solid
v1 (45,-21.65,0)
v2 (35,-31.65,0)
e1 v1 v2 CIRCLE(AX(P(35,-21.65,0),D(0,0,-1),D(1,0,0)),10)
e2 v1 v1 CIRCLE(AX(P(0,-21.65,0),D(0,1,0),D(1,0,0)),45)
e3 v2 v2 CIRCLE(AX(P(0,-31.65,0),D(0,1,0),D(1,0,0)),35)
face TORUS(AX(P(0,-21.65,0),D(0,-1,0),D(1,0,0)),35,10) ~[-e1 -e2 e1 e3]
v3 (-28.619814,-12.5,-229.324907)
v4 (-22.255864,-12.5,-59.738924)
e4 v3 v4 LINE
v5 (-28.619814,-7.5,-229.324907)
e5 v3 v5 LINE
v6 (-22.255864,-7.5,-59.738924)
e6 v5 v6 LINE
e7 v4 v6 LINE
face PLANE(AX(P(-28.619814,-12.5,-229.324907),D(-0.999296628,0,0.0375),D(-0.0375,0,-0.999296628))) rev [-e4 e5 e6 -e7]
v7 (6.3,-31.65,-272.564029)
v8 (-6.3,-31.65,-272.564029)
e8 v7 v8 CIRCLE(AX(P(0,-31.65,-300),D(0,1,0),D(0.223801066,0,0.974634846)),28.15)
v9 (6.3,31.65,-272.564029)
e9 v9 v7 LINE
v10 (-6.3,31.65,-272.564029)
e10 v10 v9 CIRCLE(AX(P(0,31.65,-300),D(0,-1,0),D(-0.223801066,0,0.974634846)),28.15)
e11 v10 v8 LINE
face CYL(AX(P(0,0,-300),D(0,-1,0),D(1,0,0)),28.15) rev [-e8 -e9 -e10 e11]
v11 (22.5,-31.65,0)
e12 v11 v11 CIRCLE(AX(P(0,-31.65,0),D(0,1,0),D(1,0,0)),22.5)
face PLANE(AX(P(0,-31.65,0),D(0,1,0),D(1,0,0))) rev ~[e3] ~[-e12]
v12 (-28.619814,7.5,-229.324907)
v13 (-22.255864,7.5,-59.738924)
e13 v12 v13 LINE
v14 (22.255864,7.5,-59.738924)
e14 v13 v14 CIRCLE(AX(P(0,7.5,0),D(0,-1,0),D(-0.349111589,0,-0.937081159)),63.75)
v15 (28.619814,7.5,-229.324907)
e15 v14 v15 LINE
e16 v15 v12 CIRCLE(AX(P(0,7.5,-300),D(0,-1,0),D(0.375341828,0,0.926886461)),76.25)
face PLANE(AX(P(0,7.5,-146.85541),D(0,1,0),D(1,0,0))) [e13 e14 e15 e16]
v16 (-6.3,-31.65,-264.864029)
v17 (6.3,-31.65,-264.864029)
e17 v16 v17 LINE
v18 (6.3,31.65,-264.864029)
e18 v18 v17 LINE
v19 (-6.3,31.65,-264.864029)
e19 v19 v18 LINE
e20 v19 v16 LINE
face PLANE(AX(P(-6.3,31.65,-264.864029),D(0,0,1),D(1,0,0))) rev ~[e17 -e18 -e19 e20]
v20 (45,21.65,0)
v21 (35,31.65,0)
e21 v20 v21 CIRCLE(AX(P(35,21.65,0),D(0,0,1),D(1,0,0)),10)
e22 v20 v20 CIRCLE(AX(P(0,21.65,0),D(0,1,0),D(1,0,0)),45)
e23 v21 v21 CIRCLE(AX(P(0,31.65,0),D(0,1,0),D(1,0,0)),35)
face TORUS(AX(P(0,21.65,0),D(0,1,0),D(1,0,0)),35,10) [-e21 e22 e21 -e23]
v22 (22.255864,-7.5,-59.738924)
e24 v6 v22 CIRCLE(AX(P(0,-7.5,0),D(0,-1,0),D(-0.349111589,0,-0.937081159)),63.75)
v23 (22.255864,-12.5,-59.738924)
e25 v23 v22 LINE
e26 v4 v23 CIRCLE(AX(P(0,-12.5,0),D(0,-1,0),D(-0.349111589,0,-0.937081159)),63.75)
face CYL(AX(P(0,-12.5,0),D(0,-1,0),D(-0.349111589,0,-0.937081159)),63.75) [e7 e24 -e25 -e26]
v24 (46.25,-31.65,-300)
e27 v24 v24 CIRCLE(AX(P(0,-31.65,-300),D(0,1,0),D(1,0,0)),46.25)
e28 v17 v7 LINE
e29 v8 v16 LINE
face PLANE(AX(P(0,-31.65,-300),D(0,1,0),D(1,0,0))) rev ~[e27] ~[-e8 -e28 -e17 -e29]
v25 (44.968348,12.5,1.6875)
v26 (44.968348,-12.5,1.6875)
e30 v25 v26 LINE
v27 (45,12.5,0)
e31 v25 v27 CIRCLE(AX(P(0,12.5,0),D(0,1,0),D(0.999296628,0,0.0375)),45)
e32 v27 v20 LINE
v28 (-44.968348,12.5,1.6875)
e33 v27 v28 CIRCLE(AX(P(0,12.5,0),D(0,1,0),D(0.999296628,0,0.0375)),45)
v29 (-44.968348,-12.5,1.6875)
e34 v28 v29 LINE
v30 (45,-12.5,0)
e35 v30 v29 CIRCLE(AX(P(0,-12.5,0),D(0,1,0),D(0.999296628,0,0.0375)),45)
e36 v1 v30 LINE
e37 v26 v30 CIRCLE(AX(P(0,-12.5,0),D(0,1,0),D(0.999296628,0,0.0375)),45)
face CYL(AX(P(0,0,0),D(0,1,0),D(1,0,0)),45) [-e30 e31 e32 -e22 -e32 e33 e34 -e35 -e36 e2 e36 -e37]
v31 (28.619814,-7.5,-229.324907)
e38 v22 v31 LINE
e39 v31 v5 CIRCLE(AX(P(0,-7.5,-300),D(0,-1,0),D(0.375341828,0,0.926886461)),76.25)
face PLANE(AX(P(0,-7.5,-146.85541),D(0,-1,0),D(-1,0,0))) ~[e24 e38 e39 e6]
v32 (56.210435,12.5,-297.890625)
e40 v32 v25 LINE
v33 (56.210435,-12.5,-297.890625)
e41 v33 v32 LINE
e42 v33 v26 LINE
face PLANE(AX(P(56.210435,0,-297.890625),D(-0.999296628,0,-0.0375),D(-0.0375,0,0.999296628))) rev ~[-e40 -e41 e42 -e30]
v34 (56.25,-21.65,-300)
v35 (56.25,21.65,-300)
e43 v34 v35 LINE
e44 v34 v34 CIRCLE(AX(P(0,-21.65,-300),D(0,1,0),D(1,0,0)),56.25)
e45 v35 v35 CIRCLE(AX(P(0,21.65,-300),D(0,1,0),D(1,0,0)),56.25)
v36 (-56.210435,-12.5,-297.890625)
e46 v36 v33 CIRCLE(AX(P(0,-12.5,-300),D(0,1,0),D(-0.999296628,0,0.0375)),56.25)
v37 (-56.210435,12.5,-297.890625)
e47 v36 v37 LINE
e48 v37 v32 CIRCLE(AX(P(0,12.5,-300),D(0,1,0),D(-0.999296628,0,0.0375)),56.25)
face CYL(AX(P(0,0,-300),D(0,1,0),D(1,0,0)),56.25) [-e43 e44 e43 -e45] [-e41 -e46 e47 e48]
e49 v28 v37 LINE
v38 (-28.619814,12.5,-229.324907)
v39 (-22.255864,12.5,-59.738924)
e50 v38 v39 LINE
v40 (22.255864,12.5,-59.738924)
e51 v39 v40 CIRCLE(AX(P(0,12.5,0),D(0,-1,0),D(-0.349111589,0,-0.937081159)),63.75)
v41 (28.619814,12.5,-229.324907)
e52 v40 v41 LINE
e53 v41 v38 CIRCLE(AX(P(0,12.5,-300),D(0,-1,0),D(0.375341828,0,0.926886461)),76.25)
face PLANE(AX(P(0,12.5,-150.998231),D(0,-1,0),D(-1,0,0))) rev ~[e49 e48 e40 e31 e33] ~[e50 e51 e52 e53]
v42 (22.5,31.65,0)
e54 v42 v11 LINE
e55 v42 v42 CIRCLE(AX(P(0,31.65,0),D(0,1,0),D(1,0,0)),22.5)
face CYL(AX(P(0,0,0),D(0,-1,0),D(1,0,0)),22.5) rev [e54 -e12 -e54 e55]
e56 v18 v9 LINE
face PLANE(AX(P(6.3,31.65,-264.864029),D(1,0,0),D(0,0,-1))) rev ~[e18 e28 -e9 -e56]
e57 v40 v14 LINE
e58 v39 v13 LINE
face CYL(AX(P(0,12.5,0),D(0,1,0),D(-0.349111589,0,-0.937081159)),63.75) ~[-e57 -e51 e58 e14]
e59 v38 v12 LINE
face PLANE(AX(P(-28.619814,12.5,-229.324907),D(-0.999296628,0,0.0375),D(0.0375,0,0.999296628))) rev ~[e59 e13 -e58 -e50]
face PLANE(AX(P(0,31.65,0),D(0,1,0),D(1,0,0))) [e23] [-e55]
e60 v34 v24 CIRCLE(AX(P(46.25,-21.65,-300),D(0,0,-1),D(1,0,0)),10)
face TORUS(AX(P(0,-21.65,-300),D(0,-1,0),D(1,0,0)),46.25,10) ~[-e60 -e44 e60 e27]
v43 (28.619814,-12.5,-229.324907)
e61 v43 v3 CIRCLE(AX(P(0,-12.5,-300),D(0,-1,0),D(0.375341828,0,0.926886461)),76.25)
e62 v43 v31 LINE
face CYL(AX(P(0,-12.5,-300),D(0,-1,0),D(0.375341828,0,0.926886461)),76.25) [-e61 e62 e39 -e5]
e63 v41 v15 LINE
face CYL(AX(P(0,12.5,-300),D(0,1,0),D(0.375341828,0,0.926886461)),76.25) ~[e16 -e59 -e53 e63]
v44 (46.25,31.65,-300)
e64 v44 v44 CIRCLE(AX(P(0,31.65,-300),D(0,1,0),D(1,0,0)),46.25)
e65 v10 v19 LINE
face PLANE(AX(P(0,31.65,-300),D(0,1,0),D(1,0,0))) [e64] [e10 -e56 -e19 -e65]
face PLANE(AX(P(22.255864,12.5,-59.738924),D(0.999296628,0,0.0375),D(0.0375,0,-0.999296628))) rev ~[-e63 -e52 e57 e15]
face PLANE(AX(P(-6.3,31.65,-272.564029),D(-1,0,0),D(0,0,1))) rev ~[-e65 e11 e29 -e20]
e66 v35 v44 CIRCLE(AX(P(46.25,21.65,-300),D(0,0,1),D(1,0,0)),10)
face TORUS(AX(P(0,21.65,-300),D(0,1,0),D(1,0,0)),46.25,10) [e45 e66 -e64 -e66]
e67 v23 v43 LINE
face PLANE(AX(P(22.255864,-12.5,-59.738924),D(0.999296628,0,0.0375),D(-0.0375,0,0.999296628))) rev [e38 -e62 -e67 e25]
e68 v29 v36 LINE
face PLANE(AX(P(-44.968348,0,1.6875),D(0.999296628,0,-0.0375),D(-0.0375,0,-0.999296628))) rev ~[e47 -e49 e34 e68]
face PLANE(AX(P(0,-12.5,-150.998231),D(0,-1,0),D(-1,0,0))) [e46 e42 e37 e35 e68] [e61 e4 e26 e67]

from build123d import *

# Parameters (mm, degrees)
SKETCH1_R             = 45
SKETCH1_R_2           = 22.5
BOSS_EXTRUDE1_DEPTH   = 31.65
SKETCH1_R_3           = 56.25
SKETCH1_R_4           = 28.15
BOSS_EXTRUDE1_2_DEPTH = 31.65
BOSS_EXTRUDE2_DEPTH   = 12.5
CUT_EXTRUDE1_DEPTH    = 5
CUT_EXTRUDE2_DEPTH    = 64.3
FILLET1_R             = 10


with BuildPart() as part:
    # Sketch1 → Boss-Extrude1 (new body, symmetric)
    with BuildSketch(Plane(origin=(0, 0, 0), x_dir=(1, 0, 0), z_dir=(0, 1, 0))):
        Circle(SKETCH1_R)
        Circle(SKETCH1_R_2, mode=Mode.SUBTRACT)
    extrude(amount=BOSS_EXTRUDE1_DEPTH, both=True)



with BuildPart() as body_2:
    # Sketch1 → Boss-Extrude1 2 (new body, symmetric)
    with BuildSketch(Plane(origin=(0, 0, 0), x_dir=(1, 0, 0), z_dir=(0, 1, 0))):
        with Locations((0, 300)):
            Circle(SKETCH1_R_3)
        with Locations((0, 300)):
            Circle(SKETCH1_R_4, mode=Mode.SUBTRACT)
    extrude(amount=BOSS_EXTRUDE1_2_DEPTH, both=True)


with BuildPart() as part_1:
    add(part.part)

    add(body_2.part)  # Boss-Extrude2 merges body 2
    # Sketch2 → Boss-Extrude2 (add, symmetric)
    with BuildSketch(Plane(origin=(0, 0, 0), x_dir=(1, 0, 0), z_dir=(0, 1, 0))):
        with BuildLine():
            Line((56.210435304, 297.890625), (44.968348244, -1.6875))
            ThreePointArc((44.968348244, -1.6875), (0, 45), (-44.968348244, -1.6875))
            Line((-44.968348244, -1.6875), (-56.210435304, 297.890625))
            ThreePointArc((-56.210435304, 297.890625), (0, 243.75), (56.210435304, 297.890625))
        make_face()
    extrude(amount=BOSS_EXTRUDE2_DEPTH, both=True)

    # Sketch3 → Cut-Extrude1 (cut)
    with BuildSketch(Plane(origin=(0, 12.5, 0), x_dir=(1, 0, 0), z_dir=(0, 1, 0))):
        with BuildLine():
            Line((22.255863805, 59.73892388), (28.619814412, 229.324907336))
            ThreePointArc((28.619814412, 229.324907336), (0, 223.75), (-28.619814412, 229.324907336))
            Line((-28.619814412, 229.324907336), (-22.255863805, 59.73892388))
            ThreePointArc((-22.255863805, 59.73892388), (0, 63.75), (22.255863805, 59.73892388))
        make_face()
    cut_extrude1 = extrude(amount=-CUT_EXTRUDE1_DEPTH, mode=Mode.SUBTRACT)

    # Mirror1: Cut-Extrude1 across plane
    add(cut_extrude1.mirror(Plane.ZX), mode=Mode.SUBTRACT)

    # Sketch4 → Cut-Extrude2 (cut, through all)
    with BuildSketch(Plane(origin=(0, 31.65, 0), x_dir=(1, 0, 0), z_dir=(0, 1, 0))):
        with BuildLine():
            Line((-6.3, 272.564029086), (-6.3, 264.864029086))
            Line((-6.3, 264.864029086), (6.3, 264.864029086))
            Line((6.3, 264.864029086), (6.3, 272.564029086))
            ThreePointArc((6.3, 272.564029086), (0, 328.15), (-6.3, 272.564029086))
        make_face()
    extrude(amount=-CUT_EXTRUDE2_DEPTH, mode=Mode.SUBTRACT)

    # Fillet1
    fillet1_edges = [part_1.edges().sort_by_distance(p)[0] for p in [
        (-45, -31.65, 0),
        (-56.25, 31.65, -300),
        (-56.25, -31.65, -300),
        (-45, 31.65, 0),
    ]]
    fillet(fillet1_edges, radius=FILLET1_R)


solid = part_1.part
